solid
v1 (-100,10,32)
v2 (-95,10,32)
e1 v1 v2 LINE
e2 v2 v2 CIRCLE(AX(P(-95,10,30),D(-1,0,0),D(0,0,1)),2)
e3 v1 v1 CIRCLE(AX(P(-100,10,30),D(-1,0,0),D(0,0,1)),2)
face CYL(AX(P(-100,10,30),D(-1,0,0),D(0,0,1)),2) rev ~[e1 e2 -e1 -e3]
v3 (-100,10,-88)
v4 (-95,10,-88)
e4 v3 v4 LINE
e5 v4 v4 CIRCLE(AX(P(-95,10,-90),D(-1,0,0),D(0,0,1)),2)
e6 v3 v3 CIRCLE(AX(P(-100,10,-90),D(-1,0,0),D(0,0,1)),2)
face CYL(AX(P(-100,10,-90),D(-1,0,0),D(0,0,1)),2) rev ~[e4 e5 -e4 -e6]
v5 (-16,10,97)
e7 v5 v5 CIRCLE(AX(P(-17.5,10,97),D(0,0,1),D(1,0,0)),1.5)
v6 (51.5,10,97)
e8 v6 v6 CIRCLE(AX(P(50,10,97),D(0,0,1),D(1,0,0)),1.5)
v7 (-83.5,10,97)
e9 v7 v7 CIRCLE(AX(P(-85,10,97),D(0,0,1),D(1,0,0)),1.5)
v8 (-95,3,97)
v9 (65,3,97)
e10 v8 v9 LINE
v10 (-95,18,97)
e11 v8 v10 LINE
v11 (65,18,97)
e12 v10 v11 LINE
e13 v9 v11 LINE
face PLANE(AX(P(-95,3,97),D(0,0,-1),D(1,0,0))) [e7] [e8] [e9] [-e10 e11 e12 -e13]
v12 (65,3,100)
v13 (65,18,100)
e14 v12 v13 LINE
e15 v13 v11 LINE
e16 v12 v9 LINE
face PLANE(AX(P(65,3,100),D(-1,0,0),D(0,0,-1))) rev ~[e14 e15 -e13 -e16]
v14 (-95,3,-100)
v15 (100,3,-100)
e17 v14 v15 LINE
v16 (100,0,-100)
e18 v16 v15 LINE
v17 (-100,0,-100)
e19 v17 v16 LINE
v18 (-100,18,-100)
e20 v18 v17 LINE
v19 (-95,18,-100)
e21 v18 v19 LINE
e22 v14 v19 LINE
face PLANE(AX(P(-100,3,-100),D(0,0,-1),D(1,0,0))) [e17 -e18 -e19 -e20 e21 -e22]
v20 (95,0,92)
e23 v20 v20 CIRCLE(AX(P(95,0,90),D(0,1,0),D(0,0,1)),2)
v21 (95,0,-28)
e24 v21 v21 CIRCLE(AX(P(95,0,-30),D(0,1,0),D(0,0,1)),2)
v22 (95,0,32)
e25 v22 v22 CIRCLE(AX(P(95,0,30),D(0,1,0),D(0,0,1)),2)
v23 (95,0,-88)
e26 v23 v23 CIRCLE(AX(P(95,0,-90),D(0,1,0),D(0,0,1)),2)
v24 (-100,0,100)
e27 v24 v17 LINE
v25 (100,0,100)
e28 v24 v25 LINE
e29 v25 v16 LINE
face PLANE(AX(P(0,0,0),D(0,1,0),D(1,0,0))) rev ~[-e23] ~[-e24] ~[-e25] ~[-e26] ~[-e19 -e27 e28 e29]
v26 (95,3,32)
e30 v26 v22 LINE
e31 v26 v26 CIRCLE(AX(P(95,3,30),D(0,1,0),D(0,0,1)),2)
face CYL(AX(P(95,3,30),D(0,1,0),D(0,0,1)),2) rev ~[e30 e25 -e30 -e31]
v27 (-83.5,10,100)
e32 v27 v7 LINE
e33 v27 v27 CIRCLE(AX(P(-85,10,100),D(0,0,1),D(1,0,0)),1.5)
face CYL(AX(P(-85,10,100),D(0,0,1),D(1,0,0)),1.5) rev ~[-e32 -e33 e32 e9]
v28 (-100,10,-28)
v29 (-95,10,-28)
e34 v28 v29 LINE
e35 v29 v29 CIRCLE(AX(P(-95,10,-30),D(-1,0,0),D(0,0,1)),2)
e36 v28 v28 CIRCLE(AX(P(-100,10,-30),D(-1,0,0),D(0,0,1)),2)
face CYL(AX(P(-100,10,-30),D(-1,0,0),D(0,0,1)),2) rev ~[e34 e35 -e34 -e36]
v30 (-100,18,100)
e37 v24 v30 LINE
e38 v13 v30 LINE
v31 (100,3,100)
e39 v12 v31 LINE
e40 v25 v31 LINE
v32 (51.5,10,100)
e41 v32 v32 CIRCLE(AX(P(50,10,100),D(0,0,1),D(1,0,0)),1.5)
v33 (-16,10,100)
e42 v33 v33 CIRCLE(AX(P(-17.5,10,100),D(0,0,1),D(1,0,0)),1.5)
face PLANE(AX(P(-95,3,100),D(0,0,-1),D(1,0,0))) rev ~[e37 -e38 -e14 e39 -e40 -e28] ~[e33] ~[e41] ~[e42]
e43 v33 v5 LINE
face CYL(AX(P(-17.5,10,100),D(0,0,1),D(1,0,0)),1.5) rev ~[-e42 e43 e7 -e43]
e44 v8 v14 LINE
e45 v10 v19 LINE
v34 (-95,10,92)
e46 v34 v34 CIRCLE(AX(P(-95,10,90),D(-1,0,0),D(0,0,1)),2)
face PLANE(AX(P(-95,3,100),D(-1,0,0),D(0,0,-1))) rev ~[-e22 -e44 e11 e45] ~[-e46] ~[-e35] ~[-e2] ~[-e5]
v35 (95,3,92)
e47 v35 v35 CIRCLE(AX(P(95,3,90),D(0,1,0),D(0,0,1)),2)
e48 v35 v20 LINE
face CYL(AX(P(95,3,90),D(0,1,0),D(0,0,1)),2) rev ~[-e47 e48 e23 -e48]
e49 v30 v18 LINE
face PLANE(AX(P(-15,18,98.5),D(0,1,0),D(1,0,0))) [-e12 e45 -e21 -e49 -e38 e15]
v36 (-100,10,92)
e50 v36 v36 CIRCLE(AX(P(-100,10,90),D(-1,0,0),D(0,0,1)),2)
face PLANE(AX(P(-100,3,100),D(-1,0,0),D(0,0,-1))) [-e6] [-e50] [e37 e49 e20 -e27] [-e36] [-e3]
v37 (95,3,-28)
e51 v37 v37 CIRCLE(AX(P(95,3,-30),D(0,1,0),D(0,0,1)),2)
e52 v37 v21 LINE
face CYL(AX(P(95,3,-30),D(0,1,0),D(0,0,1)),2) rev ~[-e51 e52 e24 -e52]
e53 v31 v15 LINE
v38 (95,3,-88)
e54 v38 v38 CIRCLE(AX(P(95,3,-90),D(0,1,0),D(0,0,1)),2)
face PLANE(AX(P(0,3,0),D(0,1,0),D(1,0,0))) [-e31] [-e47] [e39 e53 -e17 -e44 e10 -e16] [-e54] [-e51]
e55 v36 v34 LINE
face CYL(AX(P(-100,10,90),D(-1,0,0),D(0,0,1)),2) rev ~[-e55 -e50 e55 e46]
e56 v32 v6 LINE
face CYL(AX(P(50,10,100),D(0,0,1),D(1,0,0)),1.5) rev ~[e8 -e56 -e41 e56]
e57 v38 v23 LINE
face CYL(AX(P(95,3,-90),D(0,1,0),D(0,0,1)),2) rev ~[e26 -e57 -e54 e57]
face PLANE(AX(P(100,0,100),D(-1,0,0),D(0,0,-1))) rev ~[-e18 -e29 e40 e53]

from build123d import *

# Parameters (mm, degrees)
SKETCH1_W           = 200
SKETCH1_H           = 200
BOSS_EXTRUDE1_DEPTH = 3
SKETCH2_W           = 5
SKETCH2_H           = 200
BOSS_EXTRUDE2_DEPTH = 15
CUT_EXTRUDE1_REACH  = 226.33
SKETCH3_R           = 2
LPATTERN1_COUNT     = 4
LPATTERN1_PITCH     = 60
CUT_EXTRUDE2_REACH  = 144.215
SKETCH4_R           = 2
LPATTERN2_COUNT     = 4
LPATTERN2_PITCH     = 60
SKETCH5_W           = 160
SKETCH5_H           = 3
BOSS_EXTRUDE3_DEPTH = 15
CUT_EXTRUDE3_REACH  = 226.33
SKETCH6_R           = 1.5


with BuildPart() as part:
    # Sketch1 → Boss-Extrude1 (new body)
    with BuildSketch(Plane(origin=(0, 0, 0), x_dir=(1, 0, 0), z_dir=(0, 1, 0))):
        Rectangle(SKETCH1_W, SKETCH1_H)
    extrude(amount=BOSS_EXTRUDE1_DEPTH)

    # Sketch2 → Boss-Extrude2 (add)
    with BuildSketch(Plane(origin=(0, 3, 0), x_dir=(1, 0, 0), z_dir=(0, 1, 0))):
        with Locations((-97.5, 0)):
            Rectangle(SKETCH2_W, SKETCH2_H)
    extrude(amount=BOSS_EXTRUDE2_DEPTH)

    # Sketch3 → Cut-Extrude1 (cut, up to next)
    with BuildSketch(Plane.ZY.offset(100), mode=Mode.PRIVATE) as cut_extrude1_sk1:
        with Locations((90, 10)):
            Circle(SKETCH3_R)
    cut_extrude1_tool1 = extrude(cut_extrude1_sk1.sketch, amount=-CUT_EXTRUDE1_REACH, mode=Mode.PRIVATE) & part.part
    cut_extrude1 = cut_extrude1_tool1.solids().sort_by_distance((-100, 10, 90))[0]
    add(cut_extrude1, mode=Mode.SUBTRACT)

    # LPattern1: Cut-Extrude1 ×4
    with Locations(*[(0, 0, -i * LPATTERN1_PITCH) for i in range(1, LPATTERN1_COUNT)]):
        add(cut_extrude1, mode=Mode.SUBTRACT)

    # Sketch4 → Cut-Extrude2 (cut, up to next)
    with BuildSketch(Plane(origin=(0, 3, 0), x_dir=(1, 0, 0), z_dir=(0, 1, 0)), mode=Mode.PRIVATE) as cut_extrude2_sk1:
        with Locations(Location((95, 90, 0), (0, 0, 270))):
            Circle(SKETCH4_R)
    cut_extrude2_tool1 = extrude(cut_extrude2_sk1.sketch, amount=-CUT_EXTRUDE2_REACH, mode=Mode.PRIVATE) & part.part
    cut_extrude2 = cut_extrude2_tool1.solids().sort_by_distance((95, 3, -90))[0]
    add(cut_extrude2, mode=Mode.SUBTRACT)

    # LPattern2: Cut-Extrude2 ×4
    with Locations(*[(0, 0, i * LPATTERN2_PITCH) for i in range(1, LPATTERN2_COUNT)]):
        add(cut_extrude2, mode=Mode.SUBTRACT)

    # Sketch5 → Boss-Extrude3 (add)
    with BuildSketch(Plane(origin=(0, 3, 0), x_dir=(1, 0, 0), z_dir=(0, 1, 0))):
        with Locations((-15, -98.5)):
            Rectangle(SKETCH5_W, SKETCH5_H)
    extrude(amount=BOSS_EXTRUDE3_DEPTH)

    # Sketch6 → Cut-Extrude3 (cut, up to next)
    with BuildSketch(Plane.XY.offset(100), mode=Mode.PRIVATE) as cut_extrude3_sk1:
        with Locations((-85, 10)):
            Circle(SKETCH6_R)
    cut_extrude3_tool1 = extrude(cut_extrude3_sk1.sketch, amount=-CUT_EXTRUDE3_REACH, mode=Mode.PRIVATE) & part.part
    # Sketch6 → Cut-Extrude3 (cut, up to next)
    with BuildSketch(Plane.XY.offset(100), mode=Mode.PRIVATE) as cut_extrude3_sk2:
        with Locations((-17.5, 10)):
            Circle(SKETCH6_R)
    cut_extrude3_tool2 = extrude(cut_extrude3_sk2.sketch, amount=-CUT_EXTRUDE3_REACH, mode=Mode.PRIVATE) & part.part
    # Sketch6 → Cut-Extrude3 (cut, up to next)
    with BuildSketch(Plane.XY.offset(100), mode=Mode.PRIVATE) as cut_extrude3_sk3:
        with Locations((50, 10)):
            Circle(SKETCH6_R)
    cut_extrude3_tool3 = extrude(cut_extrude3_sk3.sketch, amount=-CUT_EXTRUDE3_REACH, mode=Mode.PRIVATE) & part.part
    add(cut_extrude3_tool1.solids().sort_by_distance((-85, 10, 100))[0], mode=Mode.SUBTRACT)
    add(cut_extrude3_tool2.solids().sort_by_distance((-17.5, 10, 100))[0], mode=Mode.SUBTRACT)
    add(cut_extrude3_tool3.solids().sort_by_distance((50, 10, 100))[0], mode=Mode.SUBTRACT)


solid = part.part
